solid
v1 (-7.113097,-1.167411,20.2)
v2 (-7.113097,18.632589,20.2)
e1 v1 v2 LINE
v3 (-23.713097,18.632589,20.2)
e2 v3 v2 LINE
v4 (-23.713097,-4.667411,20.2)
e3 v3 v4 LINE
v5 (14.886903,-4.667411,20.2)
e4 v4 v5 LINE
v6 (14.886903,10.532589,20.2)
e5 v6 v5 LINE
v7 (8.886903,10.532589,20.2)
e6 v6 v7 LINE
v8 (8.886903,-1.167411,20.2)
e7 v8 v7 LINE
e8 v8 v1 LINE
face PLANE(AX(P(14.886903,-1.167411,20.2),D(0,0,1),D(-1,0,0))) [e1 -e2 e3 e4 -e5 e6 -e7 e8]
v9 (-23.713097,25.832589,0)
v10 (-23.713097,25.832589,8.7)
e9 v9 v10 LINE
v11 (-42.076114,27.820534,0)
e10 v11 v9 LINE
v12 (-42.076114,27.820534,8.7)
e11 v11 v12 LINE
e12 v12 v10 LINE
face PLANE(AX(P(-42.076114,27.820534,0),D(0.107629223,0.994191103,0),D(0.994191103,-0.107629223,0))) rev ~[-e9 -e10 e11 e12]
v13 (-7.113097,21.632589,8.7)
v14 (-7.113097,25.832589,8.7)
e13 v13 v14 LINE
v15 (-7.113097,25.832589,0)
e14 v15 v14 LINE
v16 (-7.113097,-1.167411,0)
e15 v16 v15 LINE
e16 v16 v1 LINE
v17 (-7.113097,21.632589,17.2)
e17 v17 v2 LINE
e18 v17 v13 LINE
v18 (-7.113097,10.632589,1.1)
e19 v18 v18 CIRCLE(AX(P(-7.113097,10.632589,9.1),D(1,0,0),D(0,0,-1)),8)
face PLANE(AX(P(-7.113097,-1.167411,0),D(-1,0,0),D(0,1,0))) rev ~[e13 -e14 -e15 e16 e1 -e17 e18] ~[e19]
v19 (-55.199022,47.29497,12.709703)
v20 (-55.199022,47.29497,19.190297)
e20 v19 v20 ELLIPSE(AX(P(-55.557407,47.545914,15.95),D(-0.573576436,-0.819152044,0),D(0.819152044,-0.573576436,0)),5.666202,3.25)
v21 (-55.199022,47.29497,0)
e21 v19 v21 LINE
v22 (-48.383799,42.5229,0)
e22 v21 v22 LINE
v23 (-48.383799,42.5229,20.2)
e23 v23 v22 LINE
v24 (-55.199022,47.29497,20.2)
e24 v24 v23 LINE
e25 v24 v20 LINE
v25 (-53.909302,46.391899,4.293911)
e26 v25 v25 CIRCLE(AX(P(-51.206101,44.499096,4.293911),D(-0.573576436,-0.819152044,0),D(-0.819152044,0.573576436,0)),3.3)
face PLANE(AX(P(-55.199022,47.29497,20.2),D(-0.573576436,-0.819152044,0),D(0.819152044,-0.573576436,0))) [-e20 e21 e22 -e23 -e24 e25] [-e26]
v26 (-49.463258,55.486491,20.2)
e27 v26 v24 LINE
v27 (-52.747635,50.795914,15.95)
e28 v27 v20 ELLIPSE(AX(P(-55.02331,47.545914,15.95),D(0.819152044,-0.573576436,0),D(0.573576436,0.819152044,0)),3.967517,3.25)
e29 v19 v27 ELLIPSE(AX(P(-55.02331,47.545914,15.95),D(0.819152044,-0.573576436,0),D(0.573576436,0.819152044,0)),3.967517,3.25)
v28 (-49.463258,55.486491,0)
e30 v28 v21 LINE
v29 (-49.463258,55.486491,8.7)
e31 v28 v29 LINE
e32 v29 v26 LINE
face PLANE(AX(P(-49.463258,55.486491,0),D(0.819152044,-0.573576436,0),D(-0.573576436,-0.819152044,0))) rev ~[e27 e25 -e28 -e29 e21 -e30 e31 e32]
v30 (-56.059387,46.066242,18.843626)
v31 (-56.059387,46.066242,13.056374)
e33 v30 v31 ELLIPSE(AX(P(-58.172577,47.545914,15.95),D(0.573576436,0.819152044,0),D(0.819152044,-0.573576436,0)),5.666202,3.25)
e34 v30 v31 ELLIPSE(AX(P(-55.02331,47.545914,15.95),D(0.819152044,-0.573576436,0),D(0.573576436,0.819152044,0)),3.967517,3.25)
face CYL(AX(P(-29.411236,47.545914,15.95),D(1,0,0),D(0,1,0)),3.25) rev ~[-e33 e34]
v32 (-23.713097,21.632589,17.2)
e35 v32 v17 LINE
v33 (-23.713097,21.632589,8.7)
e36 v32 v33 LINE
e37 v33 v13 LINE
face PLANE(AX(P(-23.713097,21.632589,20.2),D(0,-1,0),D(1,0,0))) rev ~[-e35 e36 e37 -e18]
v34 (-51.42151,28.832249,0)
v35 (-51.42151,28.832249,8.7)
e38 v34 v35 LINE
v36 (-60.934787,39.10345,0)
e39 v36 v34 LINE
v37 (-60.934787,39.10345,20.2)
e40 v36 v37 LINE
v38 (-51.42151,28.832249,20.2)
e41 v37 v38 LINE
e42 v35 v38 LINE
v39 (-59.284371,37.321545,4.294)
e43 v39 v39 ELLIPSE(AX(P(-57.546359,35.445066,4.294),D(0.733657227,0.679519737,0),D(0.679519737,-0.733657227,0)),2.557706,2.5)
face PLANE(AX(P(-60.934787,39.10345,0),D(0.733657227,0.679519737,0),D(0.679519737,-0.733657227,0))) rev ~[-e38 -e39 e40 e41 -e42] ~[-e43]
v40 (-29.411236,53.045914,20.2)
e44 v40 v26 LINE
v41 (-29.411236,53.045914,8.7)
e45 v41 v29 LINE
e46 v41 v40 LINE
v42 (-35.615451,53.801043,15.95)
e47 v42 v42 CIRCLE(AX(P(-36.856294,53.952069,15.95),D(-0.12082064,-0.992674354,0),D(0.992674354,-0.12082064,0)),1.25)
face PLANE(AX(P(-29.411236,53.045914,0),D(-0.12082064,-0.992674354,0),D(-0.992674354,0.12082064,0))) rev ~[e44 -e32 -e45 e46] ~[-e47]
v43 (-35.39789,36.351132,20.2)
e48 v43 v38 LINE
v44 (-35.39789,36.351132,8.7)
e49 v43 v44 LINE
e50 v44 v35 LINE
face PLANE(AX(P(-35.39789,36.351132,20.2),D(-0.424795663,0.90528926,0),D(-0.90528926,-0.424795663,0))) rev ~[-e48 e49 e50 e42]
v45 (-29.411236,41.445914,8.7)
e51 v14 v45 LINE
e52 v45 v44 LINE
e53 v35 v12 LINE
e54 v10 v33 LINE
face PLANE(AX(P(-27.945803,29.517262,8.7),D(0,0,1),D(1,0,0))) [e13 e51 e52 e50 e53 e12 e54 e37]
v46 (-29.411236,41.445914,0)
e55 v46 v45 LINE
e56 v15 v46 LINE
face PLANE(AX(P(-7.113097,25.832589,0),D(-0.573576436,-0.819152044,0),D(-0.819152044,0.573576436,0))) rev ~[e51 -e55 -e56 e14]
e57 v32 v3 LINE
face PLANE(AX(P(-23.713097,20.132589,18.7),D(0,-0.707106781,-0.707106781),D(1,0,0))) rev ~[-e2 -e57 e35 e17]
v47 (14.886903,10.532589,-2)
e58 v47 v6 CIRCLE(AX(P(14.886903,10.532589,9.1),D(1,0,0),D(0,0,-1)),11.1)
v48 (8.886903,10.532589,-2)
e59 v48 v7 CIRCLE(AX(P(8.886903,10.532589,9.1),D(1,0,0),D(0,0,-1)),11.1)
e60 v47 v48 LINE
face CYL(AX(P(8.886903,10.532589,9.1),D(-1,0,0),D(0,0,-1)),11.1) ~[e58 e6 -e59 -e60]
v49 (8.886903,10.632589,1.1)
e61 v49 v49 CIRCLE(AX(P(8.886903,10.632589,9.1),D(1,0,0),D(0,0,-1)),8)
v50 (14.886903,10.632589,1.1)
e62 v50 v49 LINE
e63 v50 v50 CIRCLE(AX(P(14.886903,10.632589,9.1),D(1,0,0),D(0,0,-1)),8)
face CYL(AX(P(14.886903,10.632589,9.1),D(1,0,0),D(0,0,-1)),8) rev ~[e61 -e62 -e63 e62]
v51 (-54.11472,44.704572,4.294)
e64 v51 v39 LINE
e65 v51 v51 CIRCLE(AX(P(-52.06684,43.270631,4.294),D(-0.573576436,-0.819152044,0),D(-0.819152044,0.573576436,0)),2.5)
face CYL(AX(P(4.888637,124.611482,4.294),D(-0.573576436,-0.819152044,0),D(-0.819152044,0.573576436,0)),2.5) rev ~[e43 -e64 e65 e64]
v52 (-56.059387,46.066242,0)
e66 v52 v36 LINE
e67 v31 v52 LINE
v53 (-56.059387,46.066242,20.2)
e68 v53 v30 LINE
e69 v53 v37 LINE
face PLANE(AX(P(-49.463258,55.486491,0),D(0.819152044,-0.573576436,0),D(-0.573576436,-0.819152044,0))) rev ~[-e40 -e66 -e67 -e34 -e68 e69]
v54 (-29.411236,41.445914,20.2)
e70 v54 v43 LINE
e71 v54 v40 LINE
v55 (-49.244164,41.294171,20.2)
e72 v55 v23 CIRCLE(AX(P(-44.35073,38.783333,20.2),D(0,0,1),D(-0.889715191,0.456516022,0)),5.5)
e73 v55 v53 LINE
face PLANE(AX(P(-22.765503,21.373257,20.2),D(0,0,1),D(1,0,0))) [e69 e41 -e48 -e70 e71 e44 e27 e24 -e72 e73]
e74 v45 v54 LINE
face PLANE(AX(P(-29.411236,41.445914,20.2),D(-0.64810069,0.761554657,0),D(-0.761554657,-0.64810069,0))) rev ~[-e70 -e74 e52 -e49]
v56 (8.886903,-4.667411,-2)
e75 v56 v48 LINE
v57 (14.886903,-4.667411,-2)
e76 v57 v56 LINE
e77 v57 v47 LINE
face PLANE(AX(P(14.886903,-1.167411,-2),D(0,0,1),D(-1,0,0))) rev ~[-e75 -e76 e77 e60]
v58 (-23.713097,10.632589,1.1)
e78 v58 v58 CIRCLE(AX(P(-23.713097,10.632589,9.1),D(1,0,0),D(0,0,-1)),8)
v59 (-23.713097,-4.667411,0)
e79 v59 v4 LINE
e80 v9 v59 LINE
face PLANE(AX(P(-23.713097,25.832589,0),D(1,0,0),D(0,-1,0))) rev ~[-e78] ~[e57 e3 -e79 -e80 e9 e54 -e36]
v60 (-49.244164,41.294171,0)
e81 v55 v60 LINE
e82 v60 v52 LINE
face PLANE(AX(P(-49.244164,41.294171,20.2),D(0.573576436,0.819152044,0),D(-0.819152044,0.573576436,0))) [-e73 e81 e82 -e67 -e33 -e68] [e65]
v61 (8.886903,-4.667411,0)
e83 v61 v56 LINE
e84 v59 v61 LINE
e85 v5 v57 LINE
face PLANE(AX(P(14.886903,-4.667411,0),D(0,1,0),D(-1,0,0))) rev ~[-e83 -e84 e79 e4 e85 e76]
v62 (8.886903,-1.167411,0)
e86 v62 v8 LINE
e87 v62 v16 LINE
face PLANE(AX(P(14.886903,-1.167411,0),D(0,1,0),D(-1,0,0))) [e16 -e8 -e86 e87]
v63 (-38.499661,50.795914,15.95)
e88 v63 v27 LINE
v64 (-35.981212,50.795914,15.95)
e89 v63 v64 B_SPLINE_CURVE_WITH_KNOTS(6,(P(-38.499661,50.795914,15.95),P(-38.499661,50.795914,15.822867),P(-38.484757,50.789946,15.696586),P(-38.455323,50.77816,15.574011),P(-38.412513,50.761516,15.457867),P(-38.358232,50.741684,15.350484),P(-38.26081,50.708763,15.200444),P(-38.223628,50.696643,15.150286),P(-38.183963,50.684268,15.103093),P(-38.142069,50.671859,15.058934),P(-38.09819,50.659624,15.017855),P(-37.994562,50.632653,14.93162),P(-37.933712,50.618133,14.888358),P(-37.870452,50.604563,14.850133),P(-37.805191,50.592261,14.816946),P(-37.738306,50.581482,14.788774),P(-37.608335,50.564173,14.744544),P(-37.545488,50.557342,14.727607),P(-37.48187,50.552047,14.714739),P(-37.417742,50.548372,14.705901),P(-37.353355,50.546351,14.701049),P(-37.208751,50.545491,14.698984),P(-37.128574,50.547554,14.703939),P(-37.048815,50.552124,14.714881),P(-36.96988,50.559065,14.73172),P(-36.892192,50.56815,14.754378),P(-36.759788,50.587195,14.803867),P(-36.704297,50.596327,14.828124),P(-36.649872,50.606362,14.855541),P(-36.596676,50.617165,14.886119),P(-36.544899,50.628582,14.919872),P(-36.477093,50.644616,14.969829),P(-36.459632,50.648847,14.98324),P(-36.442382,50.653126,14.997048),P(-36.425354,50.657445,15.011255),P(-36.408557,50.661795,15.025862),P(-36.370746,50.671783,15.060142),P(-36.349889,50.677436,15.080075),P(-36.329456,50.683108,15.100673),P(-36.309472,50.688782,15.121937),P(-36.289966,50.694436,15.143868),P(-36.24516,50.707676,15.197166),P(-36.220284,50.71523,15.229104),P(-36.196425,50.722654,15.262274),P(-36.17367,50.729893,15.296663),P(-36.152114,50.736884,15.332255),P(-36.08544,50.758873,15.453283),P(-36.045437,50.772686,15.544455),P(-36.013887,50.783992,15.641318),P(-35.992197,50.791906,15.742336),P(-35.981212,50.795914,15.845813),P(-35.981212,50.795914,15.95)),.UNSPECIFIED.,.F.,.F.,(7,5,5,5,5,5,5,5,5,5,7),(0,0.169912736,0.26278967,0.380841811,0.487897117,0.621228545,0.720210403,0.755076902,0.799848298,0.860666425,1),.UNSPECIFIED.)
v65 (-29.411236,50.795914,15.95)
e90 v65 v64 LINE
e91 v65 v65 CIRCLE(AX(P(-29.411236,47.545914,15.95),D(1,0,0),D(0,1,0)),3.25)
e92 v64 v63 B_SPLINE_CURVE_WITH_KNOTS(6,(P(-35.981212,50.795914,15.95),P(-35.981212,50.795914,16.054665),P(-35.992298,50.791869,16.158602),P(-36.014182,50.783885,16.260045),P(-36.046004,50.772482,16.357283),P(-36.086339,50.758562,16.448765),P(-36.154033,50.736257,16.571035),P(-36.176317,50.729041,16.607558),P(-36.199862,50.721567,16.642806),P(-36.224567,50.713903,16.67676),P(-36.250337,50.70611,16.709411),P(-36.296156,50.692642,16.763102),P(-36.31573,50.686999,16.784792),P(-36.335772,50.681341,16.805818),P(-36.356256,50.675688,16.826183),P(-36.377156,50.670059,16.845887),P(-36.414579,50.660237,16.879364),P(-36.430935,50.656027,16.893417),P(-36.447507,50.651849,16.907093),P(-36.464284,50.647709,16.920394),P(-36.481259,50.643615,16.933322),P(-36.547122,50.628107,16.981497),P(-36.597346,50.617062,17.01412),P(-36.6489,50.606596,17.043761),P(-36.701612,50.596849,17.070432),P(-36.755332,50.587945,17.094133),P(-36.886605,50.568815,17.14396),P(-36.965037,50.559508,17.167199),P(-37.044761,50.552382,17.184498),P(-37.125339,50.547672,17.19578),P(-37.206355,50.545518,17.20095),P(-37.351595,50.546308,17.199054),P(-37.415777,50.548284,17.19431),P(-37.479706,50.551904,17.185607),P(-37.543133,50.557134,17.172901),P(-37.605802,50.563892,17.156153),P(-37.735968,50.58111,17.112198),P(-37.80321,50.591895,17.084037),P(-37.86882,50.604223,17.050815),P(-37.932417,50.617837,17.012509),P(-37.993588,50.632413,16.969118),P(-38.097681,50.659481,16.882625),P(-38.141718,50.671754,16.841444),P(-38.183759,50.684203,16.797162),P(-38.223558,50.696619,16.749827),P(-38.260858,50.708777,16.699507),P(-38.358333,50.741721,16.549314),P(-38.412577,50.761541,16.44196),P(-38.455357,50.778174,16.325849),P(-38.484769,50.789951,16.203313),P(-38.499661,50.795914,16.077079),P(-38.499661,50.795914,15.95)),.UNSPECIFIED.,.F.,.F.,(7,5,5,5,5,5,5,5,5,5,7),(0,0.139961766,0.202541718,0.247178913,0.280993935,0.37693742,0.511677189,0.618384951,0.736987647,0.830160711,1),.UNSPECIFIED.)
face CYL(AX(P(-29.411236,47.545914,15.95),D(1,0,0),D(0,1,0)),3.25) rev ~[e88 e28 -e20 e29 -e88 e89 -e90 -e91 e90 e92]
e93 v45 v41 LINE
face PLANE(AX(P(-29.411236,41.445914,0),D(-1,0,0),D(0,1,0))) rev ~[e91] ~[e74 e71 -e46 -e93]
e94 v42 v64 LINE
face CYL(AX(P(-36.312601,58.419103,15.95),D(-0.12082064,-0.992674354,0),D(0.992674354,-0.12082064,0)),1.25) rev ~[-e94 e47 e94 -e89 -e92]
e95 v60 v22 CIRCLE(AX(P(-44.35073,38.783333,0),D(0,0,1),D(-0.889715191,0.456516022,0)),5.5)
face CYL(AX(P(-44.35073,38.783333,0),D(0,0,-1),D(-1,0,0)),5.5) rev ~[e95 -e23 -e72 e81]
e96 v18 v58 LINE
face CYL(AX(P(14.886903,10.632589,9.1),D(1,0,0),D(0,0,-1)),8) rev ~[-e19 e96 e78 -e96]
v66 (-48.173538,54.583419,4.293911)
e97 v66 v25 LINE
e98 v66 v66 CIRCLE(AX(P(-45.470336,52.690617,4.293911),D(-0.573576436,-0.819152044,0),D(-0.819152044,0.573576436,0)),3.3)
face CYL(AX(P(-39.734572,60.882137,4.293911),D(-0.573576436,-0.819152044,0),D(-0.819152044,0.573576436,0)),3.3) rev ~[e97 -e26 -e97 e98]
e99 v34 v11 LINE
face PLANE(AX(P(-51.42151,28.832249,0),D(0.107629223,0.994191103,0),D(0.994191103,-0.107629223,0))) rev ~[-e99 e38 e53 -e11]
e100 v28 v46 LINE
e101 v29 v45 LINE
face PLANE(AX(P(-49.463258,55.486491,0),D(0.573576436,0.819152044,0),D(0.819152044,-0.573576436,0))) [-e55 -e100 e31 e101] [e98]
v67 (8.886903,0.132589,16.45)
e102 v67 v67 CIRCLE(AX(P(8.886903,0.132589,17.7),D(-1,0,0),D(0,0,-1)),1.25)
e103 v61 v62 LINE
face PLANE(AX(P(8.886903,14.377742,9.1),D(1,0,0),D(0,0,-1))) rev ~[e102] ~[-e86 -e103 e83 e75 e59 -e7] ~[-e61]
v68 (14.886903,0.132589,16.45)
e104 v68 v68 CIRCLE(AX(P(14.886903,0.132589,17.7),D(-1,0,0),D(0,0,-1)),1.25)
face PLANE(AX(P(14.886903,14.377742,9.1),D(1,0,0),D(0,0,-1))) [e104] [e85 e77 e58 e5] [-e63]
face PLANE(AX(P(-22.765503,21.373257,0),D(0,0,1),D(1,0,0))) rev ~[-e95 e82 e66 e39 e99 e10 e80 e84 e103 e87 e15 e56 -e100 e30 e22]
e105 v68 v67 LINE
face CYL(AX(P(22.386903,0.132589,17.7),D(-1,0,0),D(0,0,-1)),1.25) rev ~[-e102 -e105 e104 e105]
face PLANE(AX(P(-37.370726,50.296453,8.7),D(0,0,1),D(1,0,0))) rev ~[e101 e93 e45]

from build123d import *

# Parameters (mm, degrees)
EXTRUSION1_DEPTH      = 20.2
EXTRUSION2_DEPTH      = 8.7
EXTRUSION3_DEPTH      = 11.5
EXTRUSION5_DEPTH      = 85.851864404
ESQUISSE7_R           = 5.5
EXTRUSION7_DEPTH      = 85.851864404
CHANFREIN1_SIZE       = 3
ESQUISSE11_W          = 6
ESQUISSE11_H          = 3.5
EXTRUSION10_DEPTH     = 2
ESQUISSE12_W          = 6
ESQUISSE12_H          = 22.2
EXTRUSION11_DEPTH     = 11.7
EXTRUSION12_START     = -6
EXTRUSION12_DEPTH     = 6
D_GAGEMENT_M61_D      = 6.6
D_GAGEMENT_M61_DEPTH  = 10
TROU_TARAUD_M62_D     = 5
ESQUISSE21_R          = 8
EXTRUSION13_DEPTH     = 97.102649527
ESQUISSE22_R          = 3.25
EXTRUSION14_DEPTH     = 74.818126201
TROU_TARAUD_M31_D     = 2.5
TROU_TARAUD_M31_DEPTH = 4.5
TROU_TARAUD_M31_TIP   = 0.751075774
TROU_TARAUD_M32_D     = 2.5
TROU_TARAUD_M32_DEPTH = 7.5
TROU_TARAUD_M32_TIP   = 0.751075774


with BuildPart() as part:
    # Esquisse1 → Extrusion1 (new body)
    with BuildSketch(Plane.XY):
        Polygon((-23.713097305, 25.832589029), (-23.713097305, -4.667410971), (14.886902695, -4.667410971), (14.886902695, -1.167410971), (-7.113097305, -1.167410971), (-7.113097305, 21.632589029), (-7.113097305, 25.832589029), (-29.411236045, 41.445913863), (-29.411236045, 53.045913863), (-49.463257995, 55.486490788), (-60.934786722, 39.103449903), (-51.4215104, 28.832248725), (-42.076114027, 27.820534025), align=None)
    extrude(amount=EXTRUSION1_DEPTH)

    # Esquisse2 → Extrusion2 (cut)
    with BuildSketch(Plane(origin=(0, 0, 0), x_dir=(-1, 0, 0), z_dir=(0, 0, -1))):
        Polygon((49.463257995, 55.486490788), (29.411236045, 41.445913863), (29.411236045, 53.045913863), align=None)
    extrude(amount=-EXTRUSION2_DEPTH, mode=Mode.SUBTRACT)

    # Esquisse3 → Extrusion3 (cut)
    with BuildSketch(Plane.XY.offset(20.2)):
        Polygon((-29.411236045, 41.445913863), (-35.397890495, 36.351131961), (-51.4215104, 28.832248725), (-23.713097305, 25.832589029), (-23.713097305, 21.632589029), (-7.113097305, 21.632589029), (-7.113097305, 25.832589029), align=None)
    extrude(amount=-EXTRUSION3_DEPTH, mode=Mode.SUBTRACT)

    # Esquisse5 → Extrusion5 (cut, through all)
    with BuildSketch(Plane.XY.offset(20.2)):
        Polygon((-56.059387013, 46.066242279), (-55.199022358, 47.294970345), (-48.383798942, 42.522899535), (-49.244163597, 41.294171468), align=None)
    extrude(amount=-EXTRUSION5_DEPTH, mode=Mode.SUBTRACT)

    # Esquisse7 → Extrusion7 (cut, through all)
    with BuildSketch(Plane(origin=(0, 0, 0), x_dir=(-1, 0, 0), z_dir=(0, 0, -1))):
        with Locations((44.350730044, 38.783333349)):
            Circle(ESQUISSE7_R)
    extrude(amount=-EXTRUSION7_DEPTH, mode=Mode.SUBTRACT)

    # Chanfrein1
    chanfrein1_edges = [part.edges().sort_by_distance(p)[0] for p in [
        (-15.413097305, 21.632589029, 20.2),
    ]]
    chamfer(chanfrein1_edges, length=CHANFREIN1_SIZE)

    # Esquisse11 → Extrusion10 (add)
    with BuildSketch(Plane(origin=(0, 0, 0), x_dir=(-1, 0, 0), z_dir=(0, 0, -1))):
        with Locations((-11.886902695, -2.917410971)):
            Rectangle(ESQUISSE11_W, ESQUISSE11_H)
    extrude(amount=EXTRUSION10_DEPTH)

    # Esquisse12 → Extrusion11 (add)
    with BuildSketch(Plane(origin=(0, -1.167410971, 0), x_dir=(-1, 0, 0), z_dir=(0, 1, 0))):
        with Locations((-11.886902695, 9.1)):
            Rectangle(ESQUISSE12_W, ESQUISSE12_H)
    extrude(amount=EXTRUSION11_DEPTH)

    # Esquisse13 → Extrusion12 (add)
    with BuildSketch(Plane(origin=(14.886902695, 0, 0), x_dir=(0, 0, -1), z_dir=(1, 0, 0)).offset(EXTRUSION12_START)):
        with BuildLine():
            Line((-20.2, 10.532589029), (2, 10.532589029))
            ThreePointArc((2, 10.532589029), (-9.1, 21.632589029), (-20.2, 10.532589029))
        make_face()
    extrude(amount=EXTRUSION12_DEPTH)

    # Dégagement M61
    with Locations(Plane(origin=(-45.470336254, 52.690616886, 4.293910537), x_dir=(0.819152044289, -0.573576436351, 0), z_dir=(0.573576436351, 0.819152044289, 0))):
        with Locations((1e-09, 0)):
            Hole(D_GAGEMENT_M61_D / 2, depth=D_GAGEMENT_M61_DEPTH)

    # Trou taraudé M62 (through all)
    with Locations(Plane(origin=(-52.066839949, 43.270630728, 4.294), x_dir=(0.819152044289, -0.573576436351, 0), z_dir=(0.573576436351, 0.819152044289, 0))):
        with Locations((0, 0)):
            Hole(TROU_TARAUD_M62_D / 2)

    # Esquisse21 → Extrusion13 (cut, through all)
    with BuildSketch(Plane(origin=(14.886902695, 0, 0), x_dir=(0, 0, -1), z_dir=(1, 0, 0))):
        with Locations((-9.1, 10.632589029)):
            Circle(ESQUISSE21_R)
    extrude(amount=-EXTRUSION13_DEPTH, mode=Mode.SUBTRACT)

    # Esquisse22 → Extrusion14 (cut, through all)
    with BuildSketch(Plane(origin=(-29.411236045, 0, 0), x_dir=(0, 0, -1), z_dir=(1, 0, 0))):
        with Locations(Location((-15.95, 47.545913863, 0), (0, 0, 90))):
            Circle(ESQUISSE22_R)
    extrude(amount=-EXTRUSION14_DEPTH, mode=Mode.SUBTRACT)

    # Trou taraudé M31
    with Locations(Plane(origin=(5.932756634, 48.744116607, 0), x_dir=(-0.992674353944791, 0.1208206398770179, 0), z_dir=(0.12082063987701788, 0.9926743539447909, 0))):
        with Locations((43.104820996, 15.95)):
            Hole(TROU_TARAUD_M31_D / 2, depth=TROU_TARAUD_M31_DEPTH)
            with Locations((0, 0, -(TROU_TARAUD_M31_DEPTH + TROU_TARAUD_M31_TIP / 2))):  # 118° drill point
                Cone(0, TROU_TARAUD_M31_D / 2, TROU_TARAUD_M31_TIP, mode=Mode.SUBTRACT)

    # Trou taraudé M32
    with Locations(Plane(origin=(14.886902695, 0.132589029, 17.7), x_dir=(0, 0, 1), z_dir=(1, 0, 0))):
        with Locations((0, 0)):
            Hole(TROU_TARAUD_M32_D / 2, depth=TROU_TARAUD_M32_DEPTH)
            with Locations((0, 0, -(TROU_TARAUD_M32_DEPTH + TROU_TARAUD_M32_TIP / 2))):  # 118° drill point
                Cone(0, TROU_TARAUD_M32_D / 2, TROU_TARAUD_M32_TIP, mode=Mode.SUBTRACT)


solid = part.part
